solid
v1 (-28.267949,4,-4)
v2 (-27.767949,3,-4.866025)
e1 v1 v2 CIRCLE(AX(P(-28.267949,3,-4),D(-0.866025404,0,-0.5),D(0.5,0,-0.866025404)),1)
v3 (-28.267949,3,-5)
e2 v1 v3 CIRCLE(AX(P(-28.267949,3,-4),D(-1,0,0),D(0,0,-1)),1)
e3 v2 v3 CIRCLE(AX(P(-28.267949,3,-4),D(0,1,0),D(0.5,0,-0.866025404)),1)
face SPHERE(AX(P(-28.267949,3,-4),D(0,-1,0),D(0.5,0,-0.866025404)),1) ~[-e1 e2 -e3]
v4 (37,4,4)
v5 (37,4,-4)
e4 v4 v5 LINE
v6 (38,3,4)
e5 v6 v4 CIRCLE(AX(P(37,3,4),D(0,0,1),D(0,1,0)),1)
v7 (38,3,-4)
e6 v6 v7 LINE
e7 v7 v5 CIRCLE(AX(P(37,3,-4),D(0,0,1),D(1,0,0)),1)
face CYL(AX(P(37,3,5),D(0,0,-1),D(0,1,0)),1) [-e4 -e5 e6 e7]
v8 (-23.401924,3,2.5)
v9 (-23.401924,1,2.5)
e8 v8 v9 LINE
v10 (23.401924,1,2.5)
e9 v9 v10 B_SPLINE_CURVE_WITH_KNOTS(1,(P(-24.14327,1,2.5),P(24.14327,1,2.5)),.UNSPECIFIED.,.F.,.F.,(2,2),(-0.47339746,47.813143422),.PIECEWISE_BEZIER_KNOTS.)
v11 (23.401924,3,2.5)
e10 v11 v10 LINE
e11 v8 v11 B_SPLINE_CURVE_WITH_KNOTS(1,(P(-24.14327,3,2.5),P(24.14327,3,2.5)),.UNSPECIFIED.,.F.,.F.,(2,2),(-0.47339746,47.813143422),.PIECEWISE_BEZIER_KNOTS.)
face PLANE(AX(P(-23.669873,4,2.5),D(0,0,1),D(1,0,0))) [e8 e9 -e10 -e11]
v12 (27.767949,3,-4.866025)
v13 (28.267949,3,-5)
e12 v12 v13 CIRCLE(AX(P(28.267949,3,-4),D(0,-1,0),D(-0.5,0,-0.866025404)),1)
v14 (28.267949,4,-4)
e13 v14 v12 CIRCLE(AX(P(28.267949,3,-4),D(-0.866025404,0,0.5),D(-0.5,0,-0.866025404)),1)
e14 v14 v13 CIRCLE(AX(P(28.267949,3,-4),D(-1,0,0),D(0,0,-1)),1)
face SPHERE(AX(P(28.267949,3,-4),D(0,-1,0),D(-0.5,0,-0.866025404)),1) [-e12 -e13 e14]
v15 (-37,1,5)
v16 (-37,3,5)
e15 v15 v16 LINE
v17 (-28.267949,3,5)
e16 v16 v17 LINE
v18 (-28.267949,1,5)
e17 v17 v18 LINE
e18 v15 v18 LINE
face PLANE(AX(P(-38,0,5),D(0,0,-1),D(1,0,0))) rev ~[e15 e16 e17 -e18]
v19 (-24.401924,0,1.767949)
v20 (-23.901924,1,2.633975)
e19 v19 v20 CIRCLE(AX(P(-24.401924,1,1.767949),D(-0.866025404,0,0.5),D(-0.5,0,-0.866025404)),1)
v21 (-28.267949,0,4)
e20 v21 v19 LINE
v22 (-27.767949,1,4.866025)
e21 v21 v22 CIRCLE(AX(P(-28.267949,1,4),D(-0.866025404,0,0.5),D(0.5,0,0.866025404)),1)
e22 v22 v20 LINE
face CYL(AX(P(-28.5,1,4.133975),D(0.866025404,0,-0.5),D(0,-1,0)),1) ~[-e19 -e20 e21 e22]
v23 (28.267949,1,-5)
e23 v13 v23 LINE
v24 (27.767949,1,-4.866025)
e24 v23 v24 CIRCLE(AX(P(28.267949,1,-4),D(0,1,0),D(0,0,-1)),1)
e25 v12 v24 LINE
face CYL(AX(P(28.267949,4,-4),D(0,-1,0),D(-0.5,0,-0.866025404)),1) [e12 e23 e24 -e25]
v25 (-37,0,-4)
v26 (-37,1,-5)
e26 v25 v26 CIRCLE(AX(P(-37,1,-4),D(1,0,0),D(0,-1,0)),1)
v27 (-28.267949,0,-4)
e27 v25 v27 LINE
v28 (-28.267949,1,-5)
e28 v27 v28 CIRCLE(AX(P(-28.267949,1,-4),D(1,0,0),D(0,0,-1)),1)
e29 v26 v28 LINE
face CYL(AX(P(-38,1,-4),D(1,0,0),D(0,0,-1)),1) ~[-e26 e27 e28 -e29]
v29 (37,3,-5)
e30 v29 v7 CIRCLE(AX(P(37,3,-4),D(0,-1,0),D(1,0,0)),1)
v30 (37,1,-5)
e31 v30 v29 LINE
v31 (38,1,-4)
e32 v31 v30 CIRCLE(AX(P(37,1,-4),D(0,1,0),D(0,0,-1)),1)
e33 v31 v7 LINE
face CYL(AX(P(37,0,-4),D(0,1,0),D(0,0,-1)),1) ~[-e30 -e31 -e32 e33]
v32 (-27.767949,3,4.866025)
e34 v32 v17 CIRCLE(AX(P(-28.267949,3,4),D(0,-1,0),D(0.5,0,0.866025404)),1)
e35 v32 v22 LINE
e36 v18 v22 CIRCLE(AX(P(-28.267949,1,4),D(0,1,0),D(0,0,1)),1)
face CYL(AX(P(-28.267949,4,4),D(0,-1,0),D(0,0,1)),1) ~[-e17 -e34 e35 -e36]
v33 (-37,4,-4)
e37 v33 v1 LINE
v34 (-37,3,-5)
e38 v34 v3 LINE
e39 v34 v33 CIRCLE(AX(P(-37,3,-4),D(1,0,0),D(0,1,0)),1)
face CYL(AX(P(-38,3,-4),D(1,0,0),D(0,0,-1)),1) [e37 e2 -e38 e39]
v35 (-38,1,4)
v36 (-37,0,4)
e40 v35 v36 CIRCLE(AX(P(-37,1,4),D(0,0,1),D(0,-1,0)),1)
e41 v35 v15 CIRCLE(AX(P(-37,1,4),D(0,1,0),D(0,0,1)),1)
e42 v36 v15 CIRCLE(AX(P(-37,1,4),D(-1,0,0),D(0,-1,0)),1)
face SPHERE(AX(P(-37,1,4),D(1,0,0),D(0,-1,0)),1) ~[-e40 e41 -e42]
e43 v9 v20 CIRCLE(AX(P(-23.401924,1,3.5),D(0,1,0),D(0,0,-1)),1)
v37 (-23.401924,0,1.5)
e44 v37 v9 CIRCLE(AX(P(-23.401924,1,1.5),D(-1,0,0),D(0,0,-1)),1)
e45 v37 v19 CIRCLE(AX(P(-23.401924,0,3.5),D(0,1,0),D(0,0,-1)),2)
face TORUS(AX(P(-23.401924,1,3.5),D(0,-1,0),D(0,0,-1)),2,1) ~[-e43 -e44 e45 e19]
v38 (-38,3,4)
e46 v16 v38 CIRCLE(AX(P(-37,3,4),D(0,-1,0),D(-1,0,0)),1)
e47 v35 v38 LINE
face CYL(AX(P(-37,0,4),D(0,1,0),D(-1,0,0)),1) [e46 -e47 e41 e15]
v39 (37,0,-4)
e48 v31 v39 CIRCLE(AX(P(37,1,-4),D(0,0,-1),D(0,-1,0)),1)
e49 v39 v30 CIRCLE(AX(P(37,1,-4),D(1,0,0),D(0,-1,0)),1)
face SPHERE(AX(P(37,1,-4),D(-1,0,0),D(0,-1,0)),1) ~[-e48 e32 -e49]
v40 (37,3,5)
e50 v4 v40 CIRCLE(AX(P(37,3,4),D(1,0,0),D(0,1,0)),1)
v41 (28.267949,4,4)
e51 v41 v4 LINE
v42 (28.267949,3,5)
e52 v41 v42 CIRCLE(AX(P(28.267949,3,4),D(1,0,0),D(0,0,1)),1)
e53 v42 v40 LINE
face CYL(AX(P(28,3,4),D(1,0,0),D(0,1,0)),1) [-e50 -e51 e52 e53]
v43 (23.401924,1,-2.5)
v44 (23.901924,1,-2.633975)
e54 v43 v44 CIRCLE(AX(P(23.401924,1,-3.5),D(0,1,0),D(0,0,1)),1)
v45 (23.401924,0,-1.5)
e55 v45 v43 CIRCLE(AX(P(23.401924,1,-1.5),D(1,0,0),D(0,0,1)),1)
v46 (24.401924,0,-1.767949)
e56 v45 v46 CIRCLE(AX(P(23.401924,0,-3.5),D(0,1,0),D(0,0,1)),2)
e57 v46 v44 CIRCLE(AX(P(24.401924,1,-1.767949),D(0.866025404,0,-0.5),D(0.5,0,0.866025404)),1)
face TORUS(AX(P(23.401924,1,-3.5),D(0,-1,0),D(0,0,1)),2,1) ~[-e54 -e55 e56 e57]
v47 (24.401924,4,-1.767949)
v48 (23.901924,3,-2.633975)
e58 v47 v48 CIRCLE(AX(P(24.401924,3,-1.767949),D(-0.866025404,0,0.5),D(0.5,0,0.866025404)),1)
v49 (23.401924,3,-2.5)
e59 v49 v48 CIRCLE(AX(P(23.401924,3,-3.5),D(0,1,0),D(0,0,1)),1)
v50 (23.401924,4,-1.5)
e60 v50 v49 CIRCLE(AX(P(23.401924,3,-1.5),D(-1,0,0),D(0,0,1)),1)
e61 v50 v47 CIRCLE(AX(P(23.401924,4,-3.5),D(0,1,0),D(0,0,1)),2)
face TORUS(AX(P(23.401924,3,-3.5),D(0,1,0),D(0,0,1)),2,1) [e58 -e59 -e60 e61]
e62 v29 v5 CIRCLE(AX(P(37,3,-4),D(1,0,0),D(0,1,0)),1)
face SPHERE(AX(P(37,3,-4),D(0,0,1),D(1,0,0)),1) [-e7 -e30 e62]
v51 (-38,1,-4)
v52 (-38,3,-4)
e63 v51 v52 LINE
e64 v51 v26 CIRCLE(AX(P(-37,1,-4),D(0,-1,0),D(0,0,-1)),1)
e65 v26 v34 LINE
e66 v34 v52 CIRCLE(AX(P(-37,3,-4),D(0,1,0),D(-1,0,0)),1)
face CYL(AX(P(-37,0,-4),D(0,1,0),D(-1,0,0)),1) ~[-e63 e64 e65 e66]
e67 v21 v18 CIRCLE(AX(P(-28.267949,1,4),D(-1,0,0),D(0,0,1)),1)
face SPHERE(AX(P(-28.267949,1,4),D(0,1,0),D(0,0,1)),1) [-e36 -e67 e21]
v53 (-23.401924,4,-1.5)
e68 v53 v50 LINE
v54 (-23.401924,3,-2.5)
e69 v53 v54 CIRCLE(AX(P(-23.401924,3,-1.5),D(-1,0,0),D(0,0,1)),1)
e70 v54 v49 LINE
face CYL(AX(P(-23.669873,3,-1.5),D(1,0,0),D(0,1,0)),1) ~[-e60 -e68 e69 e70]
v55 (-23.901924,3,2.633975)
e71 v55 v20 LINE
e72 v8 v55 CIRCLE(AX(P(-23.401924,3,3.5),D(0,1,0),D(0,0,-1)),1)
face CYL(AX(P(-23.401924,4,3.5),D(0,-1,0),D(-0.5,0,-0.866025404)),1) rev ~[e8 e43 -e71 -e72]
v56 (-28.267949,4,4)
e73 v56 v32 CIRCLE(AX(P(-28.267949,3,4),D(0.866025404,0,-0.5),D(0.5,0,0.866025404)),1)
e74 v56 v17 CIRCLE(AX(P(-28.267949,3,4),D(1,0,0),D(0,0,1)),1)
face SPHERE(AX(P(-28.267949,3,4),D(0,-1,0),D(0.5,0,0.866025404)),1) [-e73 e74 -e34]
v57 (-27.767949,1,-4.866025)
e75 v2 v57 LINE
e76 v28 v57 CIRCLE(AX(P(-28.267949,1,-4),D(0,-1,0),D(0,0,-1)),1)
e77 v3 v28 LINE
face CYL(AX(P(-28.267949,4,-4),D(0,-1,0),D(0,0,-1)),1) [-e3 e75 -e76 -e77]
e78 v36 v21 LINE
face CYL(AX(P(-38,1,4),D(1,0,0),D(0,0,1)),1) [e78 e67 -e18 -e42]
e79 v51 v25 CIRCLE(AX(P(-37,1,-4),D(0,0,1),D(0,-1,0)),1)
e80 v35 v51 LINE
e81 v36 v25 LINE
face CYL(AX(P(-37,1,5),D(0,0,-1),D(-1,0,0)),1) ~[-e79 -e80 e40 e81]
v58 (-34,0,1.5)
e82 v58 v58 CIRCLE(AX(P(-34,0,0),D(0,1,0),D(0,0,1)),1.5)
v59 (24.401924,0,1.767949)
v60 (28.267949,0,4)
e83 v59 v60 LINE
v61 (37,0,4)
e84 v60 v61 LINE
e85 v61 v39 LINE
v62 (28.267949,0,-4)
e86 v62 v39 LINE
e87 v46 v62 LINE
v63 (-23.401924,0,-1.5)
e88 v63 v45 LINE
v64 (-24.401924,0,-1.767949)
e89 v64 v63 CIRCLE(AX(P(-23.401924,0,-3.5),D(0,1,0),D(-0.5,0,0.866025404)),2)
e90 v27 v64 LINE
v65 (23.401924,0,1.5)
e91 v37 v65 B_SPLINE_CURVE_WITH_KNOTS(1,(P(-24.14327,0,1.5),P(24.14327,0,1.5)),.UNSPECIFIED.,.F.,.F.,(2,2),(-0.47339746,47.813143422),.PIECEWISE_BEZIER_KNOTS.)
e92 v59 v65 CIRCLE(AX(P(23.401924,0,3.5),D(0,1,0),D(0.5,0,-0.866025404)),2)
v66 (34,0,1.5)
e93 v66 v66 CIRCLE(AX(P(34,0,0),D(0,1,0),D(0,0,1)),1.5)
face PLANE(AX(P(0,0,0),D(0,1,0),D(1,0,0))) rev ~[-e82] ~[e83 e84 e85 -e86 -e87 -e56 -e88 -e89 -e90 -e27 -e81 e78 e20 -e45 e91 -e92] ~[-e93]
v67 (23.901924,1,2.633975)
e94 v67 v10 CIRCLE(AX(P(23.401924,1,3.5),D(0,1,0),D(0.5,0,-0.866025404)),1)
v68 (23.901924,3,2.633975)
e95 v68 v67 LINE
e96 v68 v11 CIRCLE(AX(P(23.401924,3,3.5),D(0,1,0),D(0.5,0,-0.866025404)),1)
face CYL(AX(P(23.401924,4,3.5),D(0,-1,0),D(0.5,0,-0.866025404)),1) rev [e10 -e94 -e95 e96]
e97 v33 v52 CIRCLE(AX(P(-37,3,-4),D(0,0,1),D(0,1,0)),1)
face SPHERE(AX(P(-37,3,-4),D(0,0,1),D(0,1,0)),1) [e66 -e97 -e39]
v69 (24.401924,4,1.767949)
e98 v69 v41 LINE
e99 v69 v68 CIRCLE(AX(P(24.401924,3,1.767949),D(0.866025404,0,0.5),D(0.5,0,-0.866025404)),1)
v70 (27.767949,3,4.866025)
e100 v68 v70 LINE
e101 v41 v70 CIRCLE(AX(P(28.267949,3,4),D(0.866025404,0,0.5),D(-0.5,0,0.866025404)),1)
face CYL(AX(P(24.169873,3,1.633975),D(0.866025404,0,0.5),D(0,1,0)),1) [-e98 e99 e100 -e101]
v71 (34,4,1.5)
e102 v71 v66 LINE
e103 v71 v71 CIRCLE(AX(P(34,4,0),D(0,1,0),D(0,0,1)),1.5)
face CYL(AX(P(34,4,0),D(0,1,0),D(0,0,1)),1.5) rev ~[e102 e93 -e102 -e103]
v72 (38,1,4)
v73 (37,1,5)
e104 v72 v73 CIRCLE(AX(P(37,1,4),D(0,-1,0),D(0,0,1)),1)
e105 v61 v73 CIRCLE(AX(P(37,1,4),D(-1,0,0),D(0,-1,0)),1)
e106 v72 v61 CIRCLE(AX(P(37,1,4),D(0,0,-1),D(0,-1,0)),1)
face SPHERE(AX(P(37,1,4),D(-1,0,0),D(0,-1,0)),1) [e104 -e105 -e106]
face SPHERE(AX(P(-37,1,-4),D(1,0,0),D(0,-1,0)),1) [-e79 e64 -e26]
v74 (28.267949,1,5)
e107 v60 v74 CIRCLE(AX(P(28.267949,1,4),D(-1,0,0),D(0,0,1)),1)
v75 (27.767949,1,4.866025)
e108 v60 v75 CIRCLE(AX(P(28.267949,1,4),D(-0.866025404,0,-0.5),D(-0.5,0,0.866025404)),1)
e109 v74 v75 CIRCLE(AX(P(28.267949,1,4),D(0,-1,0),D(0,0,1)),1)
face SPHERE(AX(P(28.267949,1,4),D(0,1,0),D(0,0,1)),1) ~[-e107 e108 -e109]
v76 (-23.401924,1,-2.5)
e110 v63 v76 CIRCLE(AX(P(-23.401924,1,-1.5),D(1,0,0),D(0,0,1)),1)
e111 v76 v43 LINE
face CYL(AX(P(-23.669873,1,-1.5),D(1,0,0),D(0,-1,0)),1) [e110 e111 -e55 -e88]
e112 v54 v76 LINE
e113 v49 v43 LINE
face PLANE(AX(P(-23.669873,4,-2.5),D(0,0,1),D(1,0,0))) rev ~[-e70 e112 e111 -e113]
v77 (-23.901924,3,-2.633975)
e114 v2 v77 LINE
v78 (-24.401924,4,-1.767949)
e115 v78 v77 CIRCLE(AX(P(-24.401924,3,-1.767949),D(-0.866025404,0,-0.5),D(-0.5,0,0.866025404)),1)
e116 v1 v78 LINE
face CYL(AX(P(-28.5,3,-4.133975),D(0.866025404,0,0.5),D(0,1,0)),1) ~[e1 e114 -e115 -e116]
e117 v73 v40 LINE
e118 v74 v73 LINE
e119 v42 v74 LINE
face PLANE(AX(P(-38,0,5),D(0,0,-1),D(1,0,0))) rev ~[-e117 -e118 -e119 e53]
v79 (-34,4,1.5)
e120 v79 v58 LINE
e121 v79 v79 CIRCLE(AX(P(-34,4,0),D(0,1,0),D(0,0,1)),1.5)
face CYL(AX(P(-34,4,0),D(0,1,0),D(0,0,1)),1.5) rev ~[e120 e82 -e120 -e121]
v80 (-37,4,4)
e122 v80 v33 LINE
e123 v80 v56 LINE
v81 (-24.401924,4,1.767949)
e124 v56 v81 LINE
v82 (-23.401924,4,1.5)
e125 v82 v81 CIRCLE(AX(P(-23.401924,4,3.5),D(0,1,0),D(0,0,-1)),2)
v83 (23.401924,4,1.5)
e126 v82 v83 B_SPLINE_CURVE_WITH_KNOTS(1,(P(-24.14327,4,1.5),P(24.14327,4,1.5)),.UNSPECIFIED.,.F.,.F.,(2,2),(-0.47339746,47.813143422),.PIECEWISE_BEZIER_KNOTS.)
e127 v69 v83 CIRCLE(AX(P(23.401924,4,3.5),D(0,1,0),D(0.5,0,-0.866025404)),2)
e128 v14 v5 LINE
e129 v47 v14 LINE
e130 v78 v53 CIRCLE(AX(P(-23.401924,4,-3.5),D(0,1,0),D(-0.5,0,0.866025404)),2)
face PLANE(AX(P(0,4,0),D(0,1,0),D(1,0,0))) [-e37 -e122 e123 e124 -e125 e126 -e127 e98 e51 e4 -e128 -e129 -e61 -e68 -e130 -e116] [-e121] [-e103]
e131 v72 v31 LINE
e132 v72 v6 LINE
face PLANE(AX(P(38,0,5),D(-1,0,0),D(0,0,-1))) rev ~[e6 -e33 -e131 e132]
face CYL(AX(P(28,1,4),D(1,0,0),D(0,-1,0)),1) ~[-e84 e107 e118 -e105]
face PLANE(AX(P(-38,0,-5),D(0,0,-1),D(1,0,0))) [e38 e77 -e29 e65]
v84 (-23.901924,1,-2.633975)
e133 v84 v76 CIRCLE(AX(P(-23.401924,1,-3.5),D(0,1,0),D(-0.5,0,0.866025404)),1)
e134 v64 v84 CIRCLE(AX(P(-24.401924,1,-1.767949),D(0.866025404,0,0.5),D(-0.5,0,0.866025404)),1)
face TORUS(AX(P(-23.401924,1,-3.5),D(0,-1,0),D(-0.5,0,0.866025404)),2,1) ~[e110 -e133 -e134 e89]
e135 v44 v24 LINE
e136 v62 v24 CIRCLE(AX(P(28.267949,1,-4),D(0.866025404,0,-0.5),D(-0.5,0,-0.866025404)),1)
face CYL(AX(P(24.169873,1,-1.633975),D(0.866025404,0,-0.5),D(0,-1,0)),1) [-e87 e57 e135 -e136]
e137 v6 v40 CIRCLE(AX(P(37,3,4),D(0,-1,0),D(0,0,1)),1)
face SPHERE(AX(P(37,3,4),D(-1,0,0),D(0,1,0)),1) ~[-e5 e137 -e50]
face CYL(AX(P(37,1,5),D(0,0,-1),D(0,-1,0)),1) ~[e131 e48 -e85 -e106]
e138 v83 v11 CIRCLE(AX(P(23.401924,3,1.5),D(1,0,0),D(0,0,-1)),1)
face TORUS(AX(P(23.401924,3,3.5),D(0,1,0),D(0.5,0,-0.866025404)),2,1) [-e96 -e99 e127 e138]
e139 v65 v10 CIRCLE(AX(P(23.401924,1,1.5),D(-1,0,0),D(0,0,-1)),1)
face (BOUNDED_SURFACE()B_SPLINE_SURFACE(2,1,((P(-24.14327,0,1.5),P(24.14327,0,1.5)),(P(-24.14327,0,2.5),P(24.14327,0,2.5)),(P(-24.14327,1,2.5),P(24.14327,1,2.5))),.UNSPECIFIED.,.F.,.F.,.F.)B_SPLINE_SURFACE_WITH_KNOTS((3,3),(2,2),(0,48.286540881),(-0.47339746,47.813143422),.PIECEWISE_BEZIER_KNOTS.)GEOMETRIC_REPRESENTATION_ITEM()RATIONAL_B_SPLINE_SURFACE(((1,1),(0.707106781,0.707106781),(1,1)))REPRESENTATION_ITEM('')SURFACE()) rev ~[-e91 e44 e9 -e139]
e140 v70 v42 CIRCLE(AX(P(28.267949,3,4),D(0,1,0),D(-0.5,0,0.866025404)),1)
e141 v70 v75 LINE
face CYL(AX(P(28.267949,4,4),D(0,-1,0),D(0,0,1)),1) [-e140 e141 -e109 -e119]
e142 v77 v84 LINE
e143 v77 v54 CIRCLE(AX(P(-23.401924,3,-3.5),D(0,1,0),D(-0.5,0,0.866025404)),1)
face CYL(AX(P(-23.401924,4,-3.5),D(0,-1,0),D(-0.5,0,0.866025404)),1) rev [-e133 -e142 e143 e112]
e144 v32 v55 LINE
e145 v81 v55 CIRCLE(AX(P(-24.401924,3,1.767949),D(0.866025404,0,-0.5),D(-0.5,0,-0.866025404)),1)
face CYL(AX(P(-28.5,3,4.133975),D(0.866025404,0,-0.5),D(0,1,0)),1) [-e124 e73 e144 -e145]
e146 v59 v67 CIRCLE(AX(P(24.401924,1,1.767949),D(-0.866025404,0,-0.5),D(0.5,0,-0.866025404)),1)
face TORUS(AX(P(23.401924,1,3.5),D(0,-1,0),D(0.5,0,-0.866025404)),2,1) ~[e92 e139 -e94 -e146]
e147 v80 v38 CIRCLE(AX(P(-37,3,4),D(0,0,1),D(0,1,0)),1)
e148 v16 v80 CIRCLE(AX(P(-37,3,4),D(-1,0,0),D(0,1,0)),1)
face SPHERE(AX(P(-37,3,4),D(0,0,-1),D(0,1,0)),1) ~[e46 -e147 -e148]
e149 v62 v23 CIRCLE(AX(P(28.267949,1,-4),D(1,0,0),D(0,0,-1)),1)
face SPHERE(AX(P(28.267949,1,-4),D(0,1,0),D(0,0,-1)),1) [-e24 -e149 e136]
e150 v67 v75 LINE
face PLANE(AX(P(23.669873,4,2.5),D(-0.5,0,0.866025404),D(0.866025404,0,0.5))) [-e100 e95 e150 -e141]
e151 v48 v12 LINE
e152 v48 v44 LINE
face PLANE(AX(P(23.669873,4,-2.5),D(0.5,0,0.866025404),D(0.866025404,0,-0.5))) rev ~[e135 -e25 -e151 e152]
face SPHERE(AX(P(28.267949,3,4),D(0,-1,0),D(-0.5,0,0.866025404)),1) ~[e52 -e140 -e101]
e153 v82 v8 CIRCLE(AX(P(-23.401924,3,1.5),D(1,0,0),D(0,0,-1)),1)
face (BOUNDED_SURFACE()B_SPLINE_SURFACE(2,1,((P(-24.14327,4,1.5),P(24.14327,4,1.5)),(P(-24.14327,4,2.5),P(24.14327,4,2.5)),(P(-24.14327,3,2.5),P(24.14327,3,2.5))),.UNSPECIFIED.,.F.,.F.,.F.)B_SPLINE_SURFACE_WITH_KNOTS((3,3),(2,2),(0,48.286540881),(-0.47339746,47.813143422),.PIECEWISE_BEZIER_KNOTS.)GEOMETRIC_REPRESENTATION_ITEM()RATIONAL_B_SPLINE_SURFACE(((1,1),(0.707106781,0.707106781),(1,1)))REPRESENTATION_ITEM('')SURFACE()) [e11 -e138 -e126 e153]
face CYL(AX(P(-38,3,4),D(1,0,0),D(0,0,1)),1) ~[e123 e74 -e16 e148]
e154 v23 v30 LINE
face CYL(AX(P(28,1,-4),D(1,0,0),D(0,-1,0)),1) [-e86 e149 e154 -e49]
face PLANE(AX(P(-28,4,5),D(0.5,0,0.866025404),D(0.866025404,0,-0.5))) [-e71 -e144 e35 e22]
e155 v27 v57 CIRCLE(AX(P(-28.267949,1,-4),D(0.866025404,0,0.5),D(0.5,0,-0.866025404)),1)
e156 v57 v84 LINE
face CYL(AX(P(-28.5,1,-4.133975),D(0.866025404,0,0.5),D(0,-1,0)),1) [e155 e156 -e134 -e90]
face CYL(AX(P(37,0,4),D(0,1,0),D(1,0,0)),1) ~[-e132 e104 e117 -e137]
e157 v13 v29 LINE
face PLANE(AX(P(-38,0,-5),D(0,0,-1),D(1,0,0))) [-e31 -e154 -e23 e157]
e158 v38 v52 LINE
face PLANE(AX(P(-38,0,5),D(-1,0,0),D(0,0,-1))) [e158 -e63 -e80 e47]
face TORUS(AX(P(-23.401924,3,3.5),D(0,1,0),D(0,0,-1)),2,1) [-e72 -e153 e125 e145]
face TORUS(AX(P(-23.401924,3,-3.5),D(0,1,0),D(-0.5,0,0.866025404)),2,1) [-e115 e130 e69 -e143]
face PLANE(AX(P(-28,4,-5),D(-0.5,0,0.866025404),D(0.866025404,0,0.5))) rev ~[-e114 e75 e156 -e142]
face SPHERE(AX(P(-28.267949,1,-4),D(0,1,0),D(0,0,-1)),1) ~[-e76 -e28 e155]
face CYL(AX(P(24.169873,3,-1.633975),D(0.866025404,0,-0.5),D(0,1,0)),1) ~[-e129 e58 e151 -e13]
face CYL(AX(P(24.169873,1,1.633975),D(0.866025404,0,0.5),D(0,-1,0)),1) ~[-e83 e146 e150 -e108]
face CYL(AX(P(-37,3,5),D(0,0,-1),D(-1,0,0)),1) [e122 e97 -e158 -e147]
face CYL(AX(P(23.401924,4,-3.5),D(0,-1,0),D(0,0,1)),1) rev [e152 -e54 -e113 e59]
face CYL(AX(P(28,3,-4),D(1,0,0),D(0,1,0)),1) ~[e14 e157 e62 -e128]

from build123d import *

# Parameters (mm, degrees)
SKETCH1_W           = 76
SKETCH1_H           = 10
BOSS_EXTRUDE1_DEPTH = 4
SKETCH2_R           = 1.5
CUT_EXTRUDE1_DEPTH  = 4
CUT_EXTRUDE2_DEPTH  = 10
FILLET1_R           = 1


with BuildPart() as part:
    # Sketch1 → Boss-Extrude1 (new body)
    with BuildSketch(Plane(origin=(0, 0, 0), x_dir=(1, 0, 0), z_dir=(0, 1, 0))):
        Rectangle(SKETCH1_W, SKETCH1_H)
    extrude(amount=BOSS_EXTRUDE1_DEPTH)

    # Sketch2 → Cut-Extrude1 (cut)
    with BuildSketch(Plane(origin=(0, 4, 0), x_dir=(1, 0, 0), z_dir=(0, 1, 0))):
        with Locations(Location((-34, 0, 0), (0, 0, 270))):
            Circle(SKETCH2_R)
        with Locations(Location((34, 0, 0), (0, 0, 270))):
            Circle(SKETCH2_R)
    extrude(amount=-CUT_EXTRUDE1_DEPTH, mode=Mode.SUBTRACT)

    # Sketch3 → Cut-Extrude2 (cut)
    with BuildSketch(Plane(origin=(0, 4, 0), x_dir=(1, 0, 0), z_dir=(0, 1, 0))):
        Polygon((-28, 5), (-23.669872981, 2.5), (23.669872981, 2.5), (28, 5), align=None)
        Polygon((-28, -5), (-23.669872981, -2.5), (23.669872981, -2.5), (28, -5), align=None)
    extrude(amount=-CUT_EXTRUDE2_DEPTH, mode=Mode.SUBTRACT)

    # Fillet1
    fillet1_edges = [part.edges().sort_by_distance(p)[0] for p in [
        (-38, 4, 0),
        (-33, 4, 5),
        (33, 0, 5),
        (-33, 0, -5),
        (25.834936491, 0, 3.75),
        (0, 0, 2.5),
        (-25.834936491, 0, 3.75),
        (-25.834936491, 0, -3.75),
        (0, 0, -2.5),
        (25.834936491, 0, -3.75),
        (-33, 4, -5),
        (33, 4, 5),
        (-28, 2, -5),
        (28, 2, -5),
        (23.669872981, 2, -2.5),
        (-23.669872981, 2, -2.5),
        (-25.834936491, 4, -3.75),
        (0, 4, -2.5),
        (25.834936491, 4, -3.75),
        (28, 2, 5),
        (-28, 2, 5),
        (-23.669872981, 2, 2.5),
        (23.669872981, 2, 2.5),
        (25.834936491, 4, 3.75),
        (0, 4, 2.5),
        (-25.834936491, 4, 3.75),
        (38, 4, 0),
        (-33, 0, 5),
        (-38, 0, 0),
        (33, 0, -5),
        (38, 0, 0),
        (38, 2, 5),
        (-38, 2, 5),
        (-38, 2, -5),
        (38, 2, -5),
        (33, 4, -5),
    ]]
    fillet(fillet1_edges, radius=FILLET1_R)


solid = part.part
